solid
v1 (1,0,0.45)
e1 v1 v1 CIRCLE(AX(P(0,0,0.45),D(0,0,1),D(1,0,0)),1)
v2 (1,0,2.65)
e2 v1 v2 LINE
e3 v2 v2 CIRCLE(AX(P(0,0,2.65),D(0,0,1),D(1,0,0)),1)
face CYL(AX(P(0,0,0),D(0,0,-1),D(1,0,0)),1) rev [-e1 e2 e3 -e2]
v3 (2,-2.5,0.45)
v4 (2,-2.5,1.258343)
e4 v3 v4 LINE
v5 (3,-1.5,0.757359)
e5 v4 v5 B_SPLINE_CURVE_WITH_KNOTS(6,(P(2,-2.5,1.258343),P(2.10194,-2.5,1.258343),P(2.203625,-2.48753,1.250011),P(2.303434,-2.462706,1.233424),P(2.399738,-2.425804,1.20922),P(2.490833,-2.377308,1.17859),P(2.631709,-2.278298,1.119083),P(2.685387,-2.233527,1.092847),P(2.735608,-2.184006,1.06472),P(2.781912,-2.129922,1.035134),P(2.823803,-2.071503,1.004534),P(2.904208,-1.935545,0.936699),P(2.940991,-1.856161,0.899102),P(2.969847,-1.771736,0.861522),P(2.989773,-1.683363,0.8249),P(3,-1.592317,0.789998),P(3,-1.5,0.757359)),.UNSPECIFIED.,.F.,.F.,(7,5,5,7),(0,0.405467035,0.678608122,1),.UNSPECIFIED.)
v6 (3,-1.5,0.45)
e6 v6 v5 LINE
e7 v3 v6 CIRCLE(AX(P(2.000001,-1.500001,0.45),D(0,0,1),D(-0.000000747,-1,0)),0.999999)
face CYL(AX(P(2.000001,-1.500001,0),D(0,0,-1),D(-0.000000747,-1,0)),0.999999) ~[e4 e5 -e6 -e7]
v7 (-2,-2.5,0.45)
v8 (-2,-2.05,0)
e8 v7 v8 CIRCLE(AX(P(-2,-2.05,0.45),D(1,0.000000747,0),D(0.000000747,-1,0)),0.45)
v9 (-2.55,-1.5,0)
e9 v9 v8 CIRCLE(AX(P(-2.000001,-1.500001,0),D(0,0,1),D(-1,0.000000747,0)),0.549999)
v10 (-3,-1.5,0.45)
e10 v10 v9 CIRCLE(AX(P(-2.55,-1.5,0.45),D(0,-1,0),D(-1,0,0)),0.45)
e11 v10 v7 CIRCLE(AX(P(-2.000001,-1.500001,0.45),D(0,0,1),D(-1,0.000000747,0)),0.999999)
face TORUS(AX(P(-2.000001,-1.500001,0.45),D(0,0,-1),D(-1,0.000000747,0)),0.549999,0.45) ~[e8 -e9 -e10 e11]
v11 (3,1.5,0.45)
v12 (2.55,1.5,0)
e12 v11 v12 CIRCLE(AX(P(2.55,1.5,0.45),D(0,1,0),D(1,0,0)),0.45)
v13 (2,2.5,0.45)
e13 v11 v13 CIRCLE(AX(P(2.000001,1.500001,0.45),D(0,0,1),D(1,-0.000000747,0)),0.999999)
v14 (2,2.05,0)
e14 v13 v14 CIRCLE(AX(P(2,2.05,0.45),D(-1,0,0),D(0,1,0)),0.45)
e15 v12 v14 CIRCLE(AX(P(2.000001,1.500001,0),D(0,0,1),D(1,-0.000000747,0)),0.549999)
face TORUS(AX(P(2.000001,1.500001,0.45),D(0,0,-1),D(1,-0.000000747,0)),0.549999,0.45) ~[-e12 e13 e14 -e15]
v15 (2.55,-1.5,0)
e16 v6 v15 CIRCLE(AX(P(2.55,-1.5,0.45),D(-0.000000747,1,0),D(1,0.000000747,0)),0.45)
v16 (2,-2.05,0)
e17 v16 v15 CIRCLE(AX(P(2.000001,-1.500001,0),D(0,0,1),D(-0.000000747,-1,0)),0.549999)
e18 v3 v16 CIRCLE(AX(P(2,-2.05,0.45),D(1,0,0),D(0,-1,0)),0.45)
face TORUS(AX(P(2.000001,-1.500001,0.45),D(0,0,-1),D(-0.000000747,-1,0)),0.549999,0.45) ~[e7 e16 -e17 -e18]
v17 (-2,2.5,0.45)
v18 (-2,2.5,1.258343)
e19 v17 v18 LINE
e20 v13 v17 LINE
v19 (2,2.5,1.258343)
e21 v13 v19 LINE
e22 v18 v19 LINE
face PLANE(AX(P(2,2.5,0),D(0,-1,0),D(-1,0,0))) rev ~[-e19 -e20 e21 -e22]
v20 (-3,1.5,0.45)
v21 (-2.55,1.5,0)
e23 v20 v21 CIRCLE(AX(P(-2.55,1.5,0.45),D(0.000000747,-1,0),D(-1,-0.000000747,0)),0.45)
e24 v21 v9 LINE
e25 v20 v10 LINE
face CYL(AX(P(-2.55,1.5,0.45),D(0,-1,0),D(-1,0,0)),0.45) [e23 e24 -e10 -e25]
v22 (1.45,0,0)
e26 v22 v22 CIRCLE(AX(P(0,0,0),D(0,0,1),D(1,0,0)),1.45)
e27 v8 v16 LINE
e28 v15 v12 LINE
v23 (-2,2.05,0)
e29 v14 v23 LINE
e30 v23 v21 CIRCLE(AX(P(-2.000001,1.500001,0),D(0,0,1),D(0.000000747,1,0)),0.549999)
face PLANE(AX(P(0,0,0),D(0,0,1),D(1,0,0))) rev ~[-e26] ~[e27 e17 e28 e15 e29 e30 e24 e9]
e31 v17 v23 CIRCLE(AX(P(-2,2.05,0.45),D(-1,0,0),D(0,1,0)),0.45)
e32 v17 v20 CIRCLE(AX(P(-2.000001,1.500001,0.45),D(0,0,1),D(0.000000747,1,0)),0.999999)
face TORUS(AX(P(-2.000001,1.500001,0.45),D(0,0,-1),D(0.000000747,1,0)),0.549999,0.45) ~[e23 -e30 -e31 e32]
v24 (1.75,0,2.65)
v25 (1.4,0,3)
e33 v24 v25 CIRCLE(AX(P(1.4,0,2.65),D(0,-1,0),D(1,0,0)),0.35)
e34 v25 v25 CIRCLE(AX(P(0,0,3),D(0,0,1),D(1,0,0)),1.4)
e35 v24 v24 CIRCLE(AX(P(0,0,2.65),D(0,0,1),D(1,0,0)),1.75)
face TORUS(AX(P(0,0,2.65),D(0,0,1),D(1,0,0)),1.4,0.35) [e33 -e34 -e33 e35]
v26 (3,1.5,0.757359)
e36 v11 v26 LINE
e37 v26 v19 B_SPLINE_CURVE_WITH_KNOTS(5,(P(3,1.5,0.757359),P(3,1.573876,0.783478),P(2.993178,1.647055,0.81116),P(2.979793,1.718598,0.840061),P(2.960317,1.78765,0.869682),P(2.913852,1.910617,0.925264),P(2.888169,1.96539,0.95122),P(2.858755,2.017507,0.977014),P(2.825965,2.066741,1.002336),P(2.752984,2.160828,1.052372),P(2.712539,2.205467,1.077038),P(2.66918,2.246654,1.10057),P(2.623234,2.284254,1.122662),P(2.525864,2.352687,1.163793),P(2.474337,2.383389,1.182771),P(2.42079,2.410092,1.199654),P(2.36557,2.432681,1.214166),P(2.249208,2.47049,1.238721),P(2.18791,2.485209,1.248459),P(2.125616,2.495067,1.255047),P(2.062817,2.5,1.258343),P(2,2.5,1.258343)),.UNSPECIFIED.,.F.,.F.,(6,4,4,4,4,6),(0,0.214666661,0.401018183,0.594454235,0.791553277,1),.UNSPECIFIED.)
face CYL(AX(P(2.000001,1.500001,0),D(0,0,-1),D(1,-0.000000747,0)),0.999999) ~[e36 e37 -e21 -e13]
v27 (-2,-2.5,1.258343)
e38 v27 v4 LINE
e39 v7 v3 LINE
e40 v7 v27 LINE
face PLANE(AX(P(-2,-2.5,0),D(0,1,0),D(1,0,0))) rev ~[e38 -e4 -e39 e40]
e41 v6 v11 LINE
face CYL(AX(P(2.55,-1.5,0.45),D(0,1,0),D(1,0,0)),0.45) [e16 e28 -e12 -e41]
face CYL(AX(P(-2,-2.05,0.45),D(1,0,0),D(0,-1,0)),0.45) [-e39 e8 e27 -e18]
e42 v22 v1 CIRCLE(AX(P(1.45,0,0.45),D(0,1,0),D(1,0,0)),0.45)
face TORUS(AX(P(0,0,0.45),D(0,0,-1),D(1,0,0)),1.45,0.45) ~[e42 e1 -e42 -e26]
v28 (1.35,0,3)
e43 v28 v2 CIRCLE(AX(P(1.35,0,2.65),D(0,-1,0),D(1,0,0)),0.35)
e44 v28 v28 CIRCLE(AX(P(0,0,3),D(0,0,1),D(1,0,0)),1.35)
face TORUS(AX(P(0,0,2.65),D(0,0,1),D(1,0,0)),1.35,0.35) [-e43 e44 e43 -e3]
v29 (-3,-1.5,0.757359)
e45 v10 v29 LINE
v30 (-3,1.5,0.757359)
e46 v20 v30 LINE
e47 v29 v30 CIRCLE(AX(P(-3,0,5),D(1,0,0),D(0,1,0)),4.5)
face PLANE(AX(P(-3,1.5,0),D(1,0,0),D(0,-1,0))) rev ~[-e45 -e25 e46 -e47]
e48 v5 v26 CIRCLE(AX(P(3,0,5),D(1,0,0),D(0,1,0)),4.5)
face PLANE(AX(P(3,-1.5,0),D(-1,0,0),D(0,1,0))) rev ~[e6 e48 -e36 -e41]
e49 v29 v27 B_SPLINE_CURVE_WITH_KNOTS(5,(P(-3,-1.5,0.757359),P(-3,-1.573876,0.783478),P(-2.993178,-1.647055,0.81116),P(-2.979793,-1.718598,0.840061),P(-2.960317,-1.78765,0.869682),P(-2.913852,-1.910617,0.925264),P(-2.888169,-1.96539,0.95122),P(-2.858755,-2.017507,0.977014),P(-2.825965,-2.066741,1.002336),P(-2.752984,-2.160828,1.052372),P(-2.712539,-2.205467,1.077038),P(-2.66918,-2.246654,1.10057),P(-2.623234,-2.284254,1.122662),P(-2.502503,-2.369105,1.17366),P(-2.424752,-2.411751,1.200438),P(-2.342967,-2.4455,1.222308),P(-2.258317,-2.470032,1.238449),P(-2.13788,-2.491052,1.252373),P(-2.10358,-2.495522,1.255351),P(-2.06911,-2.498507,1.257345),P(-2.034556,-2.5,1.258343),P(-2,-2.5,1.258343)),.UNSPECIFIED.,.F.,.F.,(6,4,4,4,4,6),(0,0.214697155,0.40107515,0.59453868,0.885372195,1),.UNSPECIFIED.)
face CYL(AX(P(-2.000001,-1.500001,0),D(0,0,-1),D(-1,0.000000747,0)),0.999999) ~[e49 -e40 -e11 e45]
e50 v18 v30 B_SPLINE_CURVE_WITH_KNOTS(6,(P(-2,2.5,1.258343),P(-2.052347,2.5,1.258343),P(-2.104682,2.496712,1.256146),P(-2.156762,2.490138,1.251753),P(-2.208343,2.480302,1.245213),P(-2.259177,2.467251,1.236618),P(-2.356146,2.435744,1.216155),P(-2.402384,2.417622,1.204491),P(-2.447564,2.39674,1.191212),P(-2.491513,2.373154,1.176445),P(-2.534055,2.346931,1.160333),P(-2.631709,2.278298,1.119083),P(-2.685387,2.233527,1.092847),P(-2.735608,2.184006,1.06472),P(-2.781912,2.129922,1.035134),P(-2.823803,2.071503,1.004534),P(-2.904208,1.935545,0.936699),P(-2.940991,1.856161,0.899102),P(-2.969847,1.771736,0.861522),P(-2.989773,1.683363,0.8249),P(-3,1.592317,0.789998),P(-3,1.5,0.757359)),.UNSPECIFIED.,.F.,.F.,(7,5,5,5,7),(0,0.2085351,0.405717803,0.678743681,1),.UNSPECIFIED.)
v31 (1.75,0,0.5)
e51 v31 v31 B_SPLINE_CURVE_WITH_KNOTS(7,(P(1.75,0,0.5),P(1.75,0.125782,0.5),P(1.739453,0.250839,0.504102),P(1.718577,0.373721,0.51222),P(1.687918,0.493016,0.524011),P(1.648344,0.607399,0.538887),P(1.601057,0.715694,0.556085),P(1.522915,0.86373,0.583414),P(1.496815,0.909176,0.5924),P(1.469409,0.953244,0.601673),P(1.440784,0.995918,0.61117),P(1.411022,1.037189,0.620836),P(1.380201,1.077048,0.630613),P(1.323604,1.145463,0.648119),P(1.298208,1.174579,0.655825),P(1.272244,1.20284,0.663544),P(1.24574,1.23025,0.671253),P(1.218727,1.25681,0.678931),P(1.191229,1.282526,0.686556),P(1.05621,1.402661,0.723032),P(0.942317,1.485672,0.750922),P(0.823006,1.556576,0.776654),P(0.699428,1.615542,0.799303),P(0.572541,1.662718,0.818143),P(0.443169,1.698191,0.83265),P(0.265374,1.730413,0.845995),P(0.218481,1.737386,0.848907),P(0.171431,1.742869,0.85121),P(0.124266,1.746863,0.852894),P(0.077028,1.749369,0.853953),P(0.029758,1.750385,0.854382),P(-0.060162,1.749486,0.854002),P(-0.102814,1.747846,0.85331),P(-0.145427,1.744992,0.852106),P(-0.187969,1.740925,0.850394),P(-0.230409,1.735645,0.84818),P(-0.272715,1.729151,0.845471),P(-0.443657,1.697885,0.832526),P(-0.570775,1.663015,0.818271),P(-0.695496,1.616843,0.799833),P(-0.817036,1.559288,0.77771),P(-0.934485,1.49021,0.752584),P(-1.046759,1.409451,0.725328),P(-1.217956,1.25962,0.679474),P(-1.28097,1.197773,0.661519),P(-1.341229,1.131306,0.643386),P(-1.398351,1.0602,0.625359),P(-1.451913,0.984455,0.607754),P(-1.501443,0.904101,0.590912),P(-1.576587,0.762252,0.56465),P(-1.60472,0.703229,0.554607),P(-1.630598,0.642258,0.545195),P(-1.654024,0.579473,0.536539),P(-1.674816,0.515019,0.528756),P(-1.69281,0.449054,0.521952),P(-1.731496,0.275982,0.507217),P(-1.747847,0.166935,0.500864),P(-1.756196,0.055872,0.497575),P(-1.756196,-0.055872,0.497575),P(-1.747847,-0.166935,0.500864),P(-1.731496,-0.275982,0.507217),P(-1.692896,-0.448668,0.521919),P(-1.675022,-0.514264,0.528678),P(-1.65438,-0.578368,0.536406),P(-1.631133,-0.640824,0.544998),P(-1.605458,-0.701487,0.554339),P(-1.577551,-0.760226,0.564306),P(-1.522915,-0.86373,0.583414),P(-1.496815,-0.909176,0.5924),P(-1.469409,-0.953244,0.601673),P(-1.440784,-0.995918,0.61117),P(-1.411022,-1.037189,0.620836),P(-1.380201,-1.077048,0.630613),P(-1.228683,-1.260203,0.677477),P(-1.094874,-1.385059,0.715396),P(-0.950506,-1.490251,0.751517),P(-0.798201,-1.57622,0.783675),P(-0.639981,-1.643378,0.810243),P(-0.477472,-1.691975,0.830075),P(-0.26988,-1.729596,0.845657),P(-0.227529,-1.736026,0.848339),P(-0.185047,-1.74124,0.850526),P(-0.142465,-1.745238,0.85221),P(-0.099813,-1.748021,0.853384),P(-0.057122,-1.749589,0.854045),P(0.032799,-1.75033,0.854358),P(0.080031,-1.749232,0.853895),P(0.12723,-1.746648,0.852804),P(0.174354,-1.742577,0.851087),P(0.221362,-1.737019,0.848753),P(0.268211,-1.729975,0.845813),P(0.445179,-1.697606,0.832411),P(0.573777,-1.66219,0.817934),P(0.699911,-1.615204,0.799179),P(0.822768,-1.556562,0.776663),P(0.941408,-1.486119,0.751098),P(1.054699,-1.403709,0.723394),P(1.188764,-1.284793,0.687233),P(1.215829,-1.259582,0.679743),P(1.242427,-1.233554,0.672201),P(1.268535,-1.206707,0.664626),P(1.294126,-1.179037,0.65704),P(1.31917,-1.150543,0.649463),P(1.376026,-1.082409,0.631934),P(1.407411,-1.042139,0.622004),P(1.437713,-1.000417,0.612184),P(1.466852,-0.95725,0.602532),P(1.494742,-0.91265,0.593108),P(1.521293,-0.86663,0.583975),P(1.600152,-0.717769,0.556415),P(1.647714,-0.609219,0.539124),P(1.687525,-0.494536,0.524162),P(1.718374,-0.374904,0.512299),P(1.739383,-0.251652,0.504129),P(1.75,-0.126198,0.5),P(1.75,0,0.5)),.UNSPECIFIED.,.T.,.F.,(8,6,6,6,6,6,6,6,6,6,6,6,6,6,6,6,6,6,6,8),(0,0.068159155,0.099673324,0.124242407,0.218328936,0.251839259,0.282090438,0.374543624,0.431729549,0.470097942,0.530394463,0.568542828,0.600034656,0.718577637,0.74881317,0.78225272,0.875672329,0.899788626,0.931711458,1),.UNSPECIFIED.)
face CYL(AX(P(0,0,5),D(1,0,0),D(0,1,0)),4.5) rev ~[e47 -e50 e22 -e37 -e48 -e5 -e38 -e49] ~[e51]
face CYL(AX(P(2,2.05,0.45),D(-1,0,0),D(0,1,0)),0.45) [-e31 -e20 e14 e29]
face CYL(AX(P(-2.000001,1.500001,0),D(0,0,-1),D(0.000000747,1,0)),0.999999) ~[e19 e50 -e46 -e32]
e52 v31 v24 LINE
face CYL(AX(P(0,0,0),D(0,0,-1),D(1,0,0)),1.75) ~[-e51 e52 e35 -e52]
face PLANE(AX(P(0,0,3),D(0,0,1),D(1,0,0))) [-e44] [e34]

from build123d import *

# Parameters (mm, degrees)
F0_R     = 1.75
F1_DEPTH = 3
F2_R     = 4.5
F3_DEPTH = 12.5
F4_R     = 1.75
F4_R_2   = 1
F5_DEPTH = 3
F6_R     = 0.35
F7_R     = 0.45


with BuildPart() as f1:
    # F0 (on Top) → F1 (new body)
    with BuildSketch(Plane.XY):
        with BuildLine():
            Line((2, 2.5), (-2, 2.5))
            ThreePointArc((-2, 2.5), (-2.707107, 2.207107), (-3, 1.5))
            Line((-3, 1.5), (-3, -1.5))
            ThreePointArc((-3, -1.5), (-2.707107, -2.207107), (-2, -2.5))
            Line((-2, -2.5), (2, -2.5))
            ThreePointArc((2, -2.5), (2.707107, -2.207107), (3, -1.5))
            Line((3, -1.5), (3, 1.5))
            ThreePointArc((3, 1.5), (2.707107, 2.207107), (2, 2.5))
        make_face()
        Circle(F0_R, mode=Mode.SUBTRACT)
    extrude(amount=F1_DEPTH)

    # F2 (on Right) → F3 (cut, symmetric)
    with BuildSketch(Plane.YZ):
        with Locations((0, 5)):
            Circle(F2_R)
    extrude(amount=F3_DEPTH, both=True, mode=Mode.SUBTRACT)

    # F4 (on Top) → F5 (join)
    with BuildSketch(Plane.XY):
        Circle(F4_R)
        Circle(F4_R_2, mode=Mode.SUBTRACT)
    extrude(amount=F5_DEPTH)

    # F6
    f6_edges = [f1.edges().sort_by_distance(p)[0] for p in [
        (-1.75, 0, 3),
        (-1, 0, 3),
    ]]
    fillet(f6_edges, radius=F6_R)

    # F7
    f7_edges = [f1.edges().sort_by_distance(p)[0] for p in [
        (-1, 0, 0),
        (0, 2.5, 0),
        (-2.707107, 2.207107, 0),
        (-3, 0, 0),
        (-2.707107, -2.207107, 0),
        (0, -2.5, 0),
        (2.707107, -2.207107, 0),
        (3, 0, 0),
        (2.707107, 2.207107, 0),
    ]]
    fillet(f7_edges, radius=F7_R)


solid = f1.part
